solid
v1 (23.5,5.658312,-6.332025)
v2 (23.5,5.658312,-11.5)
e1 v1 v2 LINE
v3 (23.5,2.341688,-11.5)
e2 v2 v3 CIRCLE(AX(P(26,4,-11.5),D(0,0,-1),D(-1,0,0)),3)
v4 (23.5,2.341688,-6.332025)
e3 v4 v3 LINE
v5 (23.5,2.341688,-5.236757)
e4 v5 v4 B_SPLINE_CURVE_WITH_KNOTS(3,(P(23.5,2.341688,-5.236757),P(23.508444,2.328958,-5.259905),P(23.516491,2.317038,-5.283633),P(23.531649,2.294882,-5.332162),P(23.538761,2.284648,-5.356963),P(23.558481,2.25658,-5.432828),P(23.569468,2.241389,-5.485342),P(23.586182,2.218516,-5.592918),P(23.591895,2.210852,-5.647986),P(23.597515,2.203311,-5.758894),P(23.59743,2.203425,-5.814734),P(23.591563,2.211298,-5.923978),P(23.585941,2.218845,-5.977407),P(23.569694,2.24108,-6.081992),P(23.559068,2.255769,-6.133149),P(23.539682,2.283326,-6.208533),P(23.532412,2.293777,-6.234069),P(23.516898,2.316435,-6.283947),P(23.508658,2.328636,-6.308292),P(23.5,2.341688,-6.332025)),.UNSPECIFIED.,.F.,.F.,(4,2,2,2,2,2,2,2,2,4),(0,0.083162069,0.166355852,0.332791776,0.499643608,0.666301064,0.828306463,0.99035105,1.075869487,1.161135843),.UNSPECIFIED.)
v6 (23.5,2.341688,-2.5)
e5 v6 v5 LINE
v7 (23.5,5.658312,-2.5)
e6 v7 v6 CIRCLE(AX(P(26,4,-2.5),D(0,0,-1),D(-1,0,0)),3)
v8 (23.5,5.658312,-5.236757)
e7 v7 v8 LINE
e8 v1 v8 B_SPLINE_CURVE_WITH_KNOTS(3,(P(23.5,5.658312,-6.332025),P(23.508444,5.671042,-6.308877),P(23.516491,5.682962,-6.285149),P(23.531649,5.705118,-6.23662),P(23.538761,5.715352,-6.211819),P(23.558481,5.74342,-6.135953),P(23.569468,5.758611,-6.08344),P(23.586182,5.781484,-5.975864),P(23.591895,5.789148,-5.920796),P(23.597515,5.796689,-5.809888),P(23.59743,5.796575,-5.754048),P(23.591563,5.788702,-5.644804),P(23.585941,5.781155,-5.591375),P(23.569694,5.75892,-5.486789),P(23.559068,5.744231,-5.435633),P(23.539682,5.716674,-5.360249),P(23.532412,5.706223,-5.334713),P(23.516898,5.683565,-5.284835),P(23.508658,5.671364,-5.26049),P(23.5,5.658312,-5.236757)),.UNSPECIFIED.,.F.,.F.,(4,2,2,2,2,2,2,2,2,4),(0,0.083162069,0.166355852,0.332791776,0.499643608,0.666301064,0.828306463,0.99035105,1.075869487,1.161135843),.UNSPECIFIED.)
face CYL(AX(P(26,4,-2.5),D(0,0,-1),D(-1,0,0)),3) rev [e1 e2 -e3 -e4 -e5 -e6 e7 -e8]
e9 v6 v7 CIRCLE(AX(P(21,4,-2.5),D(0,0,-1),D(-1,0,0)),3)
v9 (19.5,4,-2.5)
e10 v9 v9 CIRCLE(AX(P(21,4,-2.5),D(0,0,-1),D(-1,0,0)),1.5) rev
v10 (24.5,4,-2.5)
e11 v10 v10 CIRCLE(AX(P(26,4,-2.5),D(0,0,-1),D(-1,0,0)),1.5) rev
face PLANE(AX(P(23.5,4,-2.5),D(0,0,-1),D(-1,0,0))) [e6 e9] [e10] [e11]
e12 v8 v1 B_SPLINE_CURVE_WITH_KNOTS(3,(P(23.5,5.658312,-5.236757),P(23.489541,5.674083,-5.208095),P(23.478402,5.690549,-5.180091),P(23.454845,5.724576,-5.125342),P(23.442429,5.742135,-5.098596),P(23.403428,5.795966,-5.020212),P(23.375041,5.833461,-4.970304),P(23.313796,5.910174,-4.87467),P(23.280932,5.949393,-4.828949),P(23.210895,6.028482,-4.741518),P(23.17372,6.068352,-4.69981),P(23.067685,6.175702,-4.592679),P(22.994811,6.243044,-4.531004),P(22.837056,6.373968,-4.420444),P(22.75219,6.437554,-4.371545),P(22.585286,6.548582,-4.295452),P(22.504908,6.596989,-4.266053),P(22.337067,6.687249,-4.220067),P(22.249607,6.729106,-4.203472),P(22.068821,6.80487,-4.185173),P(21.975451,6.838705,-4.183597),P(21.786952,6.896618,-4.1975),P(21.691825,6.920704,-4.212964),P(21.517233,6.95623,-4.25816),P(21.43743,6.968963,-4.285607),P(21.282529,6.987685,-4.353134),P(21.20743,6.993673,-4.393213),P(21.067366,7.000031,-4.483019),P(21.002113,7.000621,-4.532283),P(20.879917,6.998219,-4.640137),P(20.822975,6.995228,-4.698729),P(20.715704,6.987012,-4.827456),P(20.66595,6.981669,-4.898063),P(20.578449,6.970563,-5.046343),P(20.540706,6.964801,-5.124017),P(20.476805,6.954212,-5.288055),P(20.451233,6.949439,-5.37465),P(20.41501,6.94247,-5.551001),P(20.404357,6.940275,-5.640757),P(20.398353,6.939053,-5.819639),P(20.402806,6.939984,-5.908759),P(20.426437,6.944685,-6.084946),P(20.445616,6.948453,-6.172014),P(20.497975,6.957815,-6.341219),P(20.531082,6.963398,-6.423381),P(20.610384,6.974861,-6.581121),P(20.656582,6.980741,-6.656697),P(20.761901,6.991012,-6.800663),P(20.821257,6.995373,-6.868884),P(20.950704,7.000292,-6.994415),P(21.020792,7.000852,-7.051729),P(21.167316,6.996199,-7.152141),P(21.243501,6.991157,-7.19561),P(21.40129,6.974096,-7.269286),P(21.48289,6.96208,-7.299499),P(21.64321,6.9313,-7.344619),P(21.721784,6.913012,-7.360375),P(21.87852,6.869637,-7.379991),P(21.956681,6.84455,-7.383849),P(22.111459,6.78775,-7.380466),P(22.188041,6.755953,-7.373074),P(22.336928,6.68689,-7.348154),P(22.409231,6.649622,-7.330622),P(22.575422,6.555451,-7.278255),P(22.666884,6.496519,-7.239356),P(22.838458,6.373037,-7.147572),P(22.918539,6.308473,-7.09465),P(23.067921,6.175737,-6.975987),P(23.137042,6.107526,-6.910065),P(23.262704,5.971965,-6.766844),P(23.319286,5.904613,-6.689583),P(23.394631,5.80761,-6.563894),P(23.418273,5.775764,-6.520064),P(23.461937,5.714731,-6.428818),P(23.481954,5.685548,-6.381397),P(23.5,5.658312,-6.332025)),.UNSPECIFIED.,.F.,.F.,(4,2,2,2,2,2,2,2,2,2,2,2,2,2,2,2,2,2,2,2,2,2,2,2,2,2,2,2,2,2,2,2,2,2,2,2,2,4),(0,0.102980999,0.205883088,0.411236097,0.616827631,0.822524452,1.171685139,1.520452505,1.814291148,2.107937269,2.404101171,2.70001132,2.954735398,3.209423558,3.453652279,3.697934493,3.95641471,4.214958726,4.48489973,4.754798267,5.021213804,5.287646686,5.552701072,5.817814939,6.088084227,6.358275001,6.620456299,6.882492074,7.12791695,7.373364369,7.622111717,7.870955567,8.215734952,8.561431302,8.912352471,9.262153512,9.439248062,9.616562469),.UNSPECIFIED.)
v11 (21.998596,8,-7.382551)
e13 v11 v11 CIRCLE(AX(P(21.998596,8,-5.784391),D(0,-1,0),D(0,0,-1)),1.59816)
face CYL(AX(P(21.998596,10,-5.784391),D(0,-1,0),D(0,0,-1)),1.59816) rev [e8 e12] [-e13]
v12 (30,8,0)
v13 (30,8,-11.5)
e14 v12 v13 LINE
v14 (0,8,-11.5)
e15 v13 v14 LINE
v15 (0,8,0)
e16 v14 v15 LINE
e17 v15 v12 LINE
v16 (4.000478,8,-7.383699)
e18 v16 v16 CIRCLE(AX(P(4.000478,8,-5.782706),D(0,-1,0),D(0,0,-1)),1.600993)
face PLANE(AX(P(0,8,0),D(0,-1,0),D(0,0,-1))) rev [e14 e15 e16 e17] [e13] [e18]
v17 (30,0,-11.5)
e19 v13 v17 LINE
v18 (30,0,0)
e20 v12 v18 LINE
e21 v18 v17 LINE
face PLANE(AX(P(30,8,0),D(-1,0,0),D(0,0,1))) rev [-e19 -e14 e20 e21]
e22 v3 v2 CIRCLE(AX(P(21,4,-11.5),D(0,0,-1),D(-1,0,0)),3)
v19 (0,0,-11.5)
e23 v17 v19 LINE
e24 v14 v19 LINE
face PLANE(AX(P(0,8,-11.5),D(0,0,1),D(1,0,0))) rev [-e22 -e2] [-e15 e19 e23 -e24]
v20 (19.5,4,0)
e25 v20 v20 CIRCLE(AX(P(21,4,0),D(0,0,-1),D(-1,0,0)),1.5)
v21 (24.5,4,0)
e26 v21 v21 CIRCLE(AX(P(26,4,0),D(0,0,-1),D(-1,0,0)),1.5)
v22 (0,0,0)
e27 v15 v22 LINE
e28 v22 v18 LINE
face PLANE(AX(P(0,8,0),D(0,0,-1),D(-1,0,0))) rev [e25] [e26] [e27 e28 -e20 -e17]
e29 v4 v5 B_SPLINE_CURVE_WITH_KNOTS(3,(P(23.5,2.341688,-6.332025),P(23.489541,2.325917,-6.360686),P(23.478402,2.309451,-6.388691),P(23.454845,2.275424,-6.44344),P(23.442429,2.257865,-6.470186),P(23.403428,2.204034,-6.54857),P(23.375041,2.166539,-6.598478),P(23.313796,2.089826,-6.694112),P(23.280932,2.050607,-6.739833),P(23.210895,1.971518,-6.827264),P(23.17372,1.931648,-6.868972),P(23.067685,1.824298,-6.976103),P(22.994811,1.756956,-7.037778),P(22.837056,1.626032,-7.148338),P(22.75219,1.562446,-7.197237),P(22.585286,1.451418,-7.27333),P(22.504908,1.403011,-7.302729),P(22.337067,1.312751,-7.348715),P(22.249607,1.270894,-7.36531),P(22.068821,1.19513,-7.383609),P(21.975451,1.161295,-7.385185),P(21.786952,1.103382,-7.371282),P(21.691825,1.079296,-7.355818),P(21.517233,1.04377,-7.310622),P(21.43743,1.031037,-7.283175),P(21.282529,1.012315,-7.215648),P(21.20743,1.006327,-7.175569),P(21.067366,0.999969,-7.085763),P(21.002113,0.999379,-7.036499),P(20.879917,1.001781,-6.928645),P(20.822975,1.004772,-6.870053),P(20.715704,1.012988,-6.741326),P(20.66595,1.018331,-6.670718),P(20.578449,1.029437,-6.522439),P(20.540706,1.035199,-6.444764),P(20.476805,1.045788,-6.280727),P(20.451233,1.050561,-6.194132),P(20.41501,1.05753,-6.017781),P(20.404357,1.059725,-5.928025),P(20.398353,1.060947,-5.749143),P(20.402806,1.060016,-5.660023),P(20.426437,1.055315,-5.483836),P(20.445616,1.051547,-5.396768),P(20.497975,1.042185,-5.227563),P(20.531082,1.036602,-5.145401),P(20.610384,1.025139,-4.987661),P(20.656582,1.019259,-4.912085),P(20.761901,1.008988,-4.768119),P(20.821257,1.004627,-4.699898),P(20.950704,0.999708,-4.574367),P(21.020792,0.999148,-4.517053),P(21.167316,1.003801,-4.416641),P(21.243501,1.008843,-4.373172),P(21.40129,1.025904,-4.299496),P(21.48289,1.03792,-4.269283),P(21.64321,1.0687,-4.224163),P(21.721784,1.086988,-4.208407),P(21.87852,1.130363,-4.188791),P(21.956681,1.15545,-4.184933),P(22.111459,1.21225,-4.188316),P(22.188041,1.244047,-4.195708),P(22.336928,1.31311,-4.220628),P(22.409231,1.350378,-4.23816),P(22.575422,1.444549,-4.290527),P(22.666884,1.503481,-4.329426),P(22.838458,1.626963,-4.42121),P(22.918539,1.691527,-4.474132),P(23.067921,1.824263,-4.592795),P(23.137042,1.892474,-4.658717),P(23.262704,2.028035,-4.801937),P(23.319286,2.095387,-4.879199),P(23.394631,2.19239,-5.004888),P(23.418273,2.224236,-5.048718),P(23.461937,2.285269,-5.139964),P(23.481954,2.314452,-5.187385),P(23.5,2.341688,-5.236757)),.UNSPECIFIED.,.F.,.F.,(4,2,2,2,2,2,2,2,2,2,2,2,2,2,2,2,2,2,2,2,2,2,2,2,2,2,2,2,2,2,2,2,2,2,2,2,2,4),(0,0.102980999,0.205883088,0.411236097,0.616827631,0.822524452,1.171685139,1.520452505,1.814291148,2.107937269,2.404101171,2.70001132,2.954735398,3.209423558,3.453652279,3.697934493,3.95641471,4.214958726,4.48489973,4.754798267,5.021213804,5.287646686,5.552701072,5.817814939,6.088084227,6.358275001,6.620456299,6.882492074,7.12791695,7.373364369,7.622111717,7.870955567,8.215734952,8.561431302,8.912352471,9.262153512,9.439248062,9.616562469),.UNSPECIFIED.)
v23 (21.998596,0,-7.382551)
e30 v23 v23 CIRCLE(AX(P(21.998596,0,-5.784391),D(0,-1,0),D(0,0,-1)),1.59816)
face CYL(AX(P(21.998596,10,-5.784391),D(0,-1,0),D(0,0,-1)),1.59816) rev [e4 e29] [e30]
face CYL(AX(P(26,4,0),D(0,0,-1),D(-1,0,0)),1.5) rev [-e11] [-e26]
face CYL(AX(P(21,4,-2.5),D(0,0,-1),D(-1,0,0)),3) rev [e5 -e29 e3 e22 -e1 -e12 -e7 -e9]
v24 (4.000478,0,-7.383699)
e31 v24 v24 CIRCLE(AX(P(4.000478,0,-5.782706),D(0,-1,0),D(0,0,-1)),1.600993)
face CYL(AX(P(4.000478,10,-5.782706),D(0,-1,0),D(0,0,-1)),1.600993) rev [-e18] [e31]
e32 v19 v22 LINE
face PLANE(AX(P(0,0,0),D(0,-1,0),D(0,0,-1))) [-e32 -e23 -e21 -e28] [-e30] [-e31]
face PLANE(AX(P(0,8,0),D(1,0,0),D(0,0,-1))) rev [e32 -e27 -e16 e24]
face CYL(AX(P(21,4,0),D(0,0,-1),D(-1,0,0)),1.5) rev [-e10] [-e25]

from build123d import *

# Parameters (mm, degrees)
SKETCH1_W           = 30
SKETCH1_H           = 11.5
BOSS_EXTRUDE1_DEPTH = 8
SKETCH2_R           = 1.5
CUT_EXTRUDE1_DEPTH  = 12.5
SKETCH3_R           = 1.598160281
SKETCH3_R_2         = 1.600993429
CUT_EXTRUDE2_DEPTH  = 10
CUT_EXTRUDE3_DEPTH  = 9


with BuildPart() as part:
    # Sketch1 → Boss-Extrude1 (new body)
    with BuildSketch(Plane(origin=(0, 0, 0), x_dir=(1, 0, 0), z_dir=(0, 1, 0))):
        with Locations((15, 5.75)):
            Rectangle(SKETCH1_W, SKETCH1_H)
    extrude(amount=BOSS_EXTRUDE1_DEPTH)

    # Sketch2 → Cut-Extrude1 (cut, through all)
    with BuildSketch(Plane(origin=(0, 0, -11.5), x_dir=(-1, 0, 0), z_dir=(0, 0, -1))):
        with Locations((-21, 4)):
            Circle(SKETCH2_R)
        with Locations((-26, 4)):
            Circle(SKETCH2_R)
    extrude(amount=-CUT_EXTRUDE1_DEPTH, mode=Mode.SUBTRACT)

    # Sketch3 → Cut-Extrude2 (cut)
    with BuildSketch(Plane.XZ):
        with Locations((21.998596175, -5.784390941)):
            Circle(SKETCH3_R)
        with Locations((4.000477604, -5.782705683)):
            Circle(SKETCH3_R_2)
    extrude(amount=-CUT_EXTRUDE2_DEPTH, mode=Mode.SUBTRACT)

    # Sketch4 → Cut-Extrude3 (cut)
    with BuildSketch(Plane(origin=(0, 0, -11.5), x_dir=(-1, 0, 0), z_dir=(0, 0, -1))):
        with BuildLine():
            ThreePointArc((-23.5, 5.658312395), (-29, 4), (-23.5, 2.341687605))
            ThreePointArc((-23.5, 2.341687605), (-18, 4), (-23.5, 5.658312395))
        make_face()
    extrude(amount=-CUT_EXTRUDE3_DEPTH, mode=Mode.SUBTRACT)


solid = part.part
